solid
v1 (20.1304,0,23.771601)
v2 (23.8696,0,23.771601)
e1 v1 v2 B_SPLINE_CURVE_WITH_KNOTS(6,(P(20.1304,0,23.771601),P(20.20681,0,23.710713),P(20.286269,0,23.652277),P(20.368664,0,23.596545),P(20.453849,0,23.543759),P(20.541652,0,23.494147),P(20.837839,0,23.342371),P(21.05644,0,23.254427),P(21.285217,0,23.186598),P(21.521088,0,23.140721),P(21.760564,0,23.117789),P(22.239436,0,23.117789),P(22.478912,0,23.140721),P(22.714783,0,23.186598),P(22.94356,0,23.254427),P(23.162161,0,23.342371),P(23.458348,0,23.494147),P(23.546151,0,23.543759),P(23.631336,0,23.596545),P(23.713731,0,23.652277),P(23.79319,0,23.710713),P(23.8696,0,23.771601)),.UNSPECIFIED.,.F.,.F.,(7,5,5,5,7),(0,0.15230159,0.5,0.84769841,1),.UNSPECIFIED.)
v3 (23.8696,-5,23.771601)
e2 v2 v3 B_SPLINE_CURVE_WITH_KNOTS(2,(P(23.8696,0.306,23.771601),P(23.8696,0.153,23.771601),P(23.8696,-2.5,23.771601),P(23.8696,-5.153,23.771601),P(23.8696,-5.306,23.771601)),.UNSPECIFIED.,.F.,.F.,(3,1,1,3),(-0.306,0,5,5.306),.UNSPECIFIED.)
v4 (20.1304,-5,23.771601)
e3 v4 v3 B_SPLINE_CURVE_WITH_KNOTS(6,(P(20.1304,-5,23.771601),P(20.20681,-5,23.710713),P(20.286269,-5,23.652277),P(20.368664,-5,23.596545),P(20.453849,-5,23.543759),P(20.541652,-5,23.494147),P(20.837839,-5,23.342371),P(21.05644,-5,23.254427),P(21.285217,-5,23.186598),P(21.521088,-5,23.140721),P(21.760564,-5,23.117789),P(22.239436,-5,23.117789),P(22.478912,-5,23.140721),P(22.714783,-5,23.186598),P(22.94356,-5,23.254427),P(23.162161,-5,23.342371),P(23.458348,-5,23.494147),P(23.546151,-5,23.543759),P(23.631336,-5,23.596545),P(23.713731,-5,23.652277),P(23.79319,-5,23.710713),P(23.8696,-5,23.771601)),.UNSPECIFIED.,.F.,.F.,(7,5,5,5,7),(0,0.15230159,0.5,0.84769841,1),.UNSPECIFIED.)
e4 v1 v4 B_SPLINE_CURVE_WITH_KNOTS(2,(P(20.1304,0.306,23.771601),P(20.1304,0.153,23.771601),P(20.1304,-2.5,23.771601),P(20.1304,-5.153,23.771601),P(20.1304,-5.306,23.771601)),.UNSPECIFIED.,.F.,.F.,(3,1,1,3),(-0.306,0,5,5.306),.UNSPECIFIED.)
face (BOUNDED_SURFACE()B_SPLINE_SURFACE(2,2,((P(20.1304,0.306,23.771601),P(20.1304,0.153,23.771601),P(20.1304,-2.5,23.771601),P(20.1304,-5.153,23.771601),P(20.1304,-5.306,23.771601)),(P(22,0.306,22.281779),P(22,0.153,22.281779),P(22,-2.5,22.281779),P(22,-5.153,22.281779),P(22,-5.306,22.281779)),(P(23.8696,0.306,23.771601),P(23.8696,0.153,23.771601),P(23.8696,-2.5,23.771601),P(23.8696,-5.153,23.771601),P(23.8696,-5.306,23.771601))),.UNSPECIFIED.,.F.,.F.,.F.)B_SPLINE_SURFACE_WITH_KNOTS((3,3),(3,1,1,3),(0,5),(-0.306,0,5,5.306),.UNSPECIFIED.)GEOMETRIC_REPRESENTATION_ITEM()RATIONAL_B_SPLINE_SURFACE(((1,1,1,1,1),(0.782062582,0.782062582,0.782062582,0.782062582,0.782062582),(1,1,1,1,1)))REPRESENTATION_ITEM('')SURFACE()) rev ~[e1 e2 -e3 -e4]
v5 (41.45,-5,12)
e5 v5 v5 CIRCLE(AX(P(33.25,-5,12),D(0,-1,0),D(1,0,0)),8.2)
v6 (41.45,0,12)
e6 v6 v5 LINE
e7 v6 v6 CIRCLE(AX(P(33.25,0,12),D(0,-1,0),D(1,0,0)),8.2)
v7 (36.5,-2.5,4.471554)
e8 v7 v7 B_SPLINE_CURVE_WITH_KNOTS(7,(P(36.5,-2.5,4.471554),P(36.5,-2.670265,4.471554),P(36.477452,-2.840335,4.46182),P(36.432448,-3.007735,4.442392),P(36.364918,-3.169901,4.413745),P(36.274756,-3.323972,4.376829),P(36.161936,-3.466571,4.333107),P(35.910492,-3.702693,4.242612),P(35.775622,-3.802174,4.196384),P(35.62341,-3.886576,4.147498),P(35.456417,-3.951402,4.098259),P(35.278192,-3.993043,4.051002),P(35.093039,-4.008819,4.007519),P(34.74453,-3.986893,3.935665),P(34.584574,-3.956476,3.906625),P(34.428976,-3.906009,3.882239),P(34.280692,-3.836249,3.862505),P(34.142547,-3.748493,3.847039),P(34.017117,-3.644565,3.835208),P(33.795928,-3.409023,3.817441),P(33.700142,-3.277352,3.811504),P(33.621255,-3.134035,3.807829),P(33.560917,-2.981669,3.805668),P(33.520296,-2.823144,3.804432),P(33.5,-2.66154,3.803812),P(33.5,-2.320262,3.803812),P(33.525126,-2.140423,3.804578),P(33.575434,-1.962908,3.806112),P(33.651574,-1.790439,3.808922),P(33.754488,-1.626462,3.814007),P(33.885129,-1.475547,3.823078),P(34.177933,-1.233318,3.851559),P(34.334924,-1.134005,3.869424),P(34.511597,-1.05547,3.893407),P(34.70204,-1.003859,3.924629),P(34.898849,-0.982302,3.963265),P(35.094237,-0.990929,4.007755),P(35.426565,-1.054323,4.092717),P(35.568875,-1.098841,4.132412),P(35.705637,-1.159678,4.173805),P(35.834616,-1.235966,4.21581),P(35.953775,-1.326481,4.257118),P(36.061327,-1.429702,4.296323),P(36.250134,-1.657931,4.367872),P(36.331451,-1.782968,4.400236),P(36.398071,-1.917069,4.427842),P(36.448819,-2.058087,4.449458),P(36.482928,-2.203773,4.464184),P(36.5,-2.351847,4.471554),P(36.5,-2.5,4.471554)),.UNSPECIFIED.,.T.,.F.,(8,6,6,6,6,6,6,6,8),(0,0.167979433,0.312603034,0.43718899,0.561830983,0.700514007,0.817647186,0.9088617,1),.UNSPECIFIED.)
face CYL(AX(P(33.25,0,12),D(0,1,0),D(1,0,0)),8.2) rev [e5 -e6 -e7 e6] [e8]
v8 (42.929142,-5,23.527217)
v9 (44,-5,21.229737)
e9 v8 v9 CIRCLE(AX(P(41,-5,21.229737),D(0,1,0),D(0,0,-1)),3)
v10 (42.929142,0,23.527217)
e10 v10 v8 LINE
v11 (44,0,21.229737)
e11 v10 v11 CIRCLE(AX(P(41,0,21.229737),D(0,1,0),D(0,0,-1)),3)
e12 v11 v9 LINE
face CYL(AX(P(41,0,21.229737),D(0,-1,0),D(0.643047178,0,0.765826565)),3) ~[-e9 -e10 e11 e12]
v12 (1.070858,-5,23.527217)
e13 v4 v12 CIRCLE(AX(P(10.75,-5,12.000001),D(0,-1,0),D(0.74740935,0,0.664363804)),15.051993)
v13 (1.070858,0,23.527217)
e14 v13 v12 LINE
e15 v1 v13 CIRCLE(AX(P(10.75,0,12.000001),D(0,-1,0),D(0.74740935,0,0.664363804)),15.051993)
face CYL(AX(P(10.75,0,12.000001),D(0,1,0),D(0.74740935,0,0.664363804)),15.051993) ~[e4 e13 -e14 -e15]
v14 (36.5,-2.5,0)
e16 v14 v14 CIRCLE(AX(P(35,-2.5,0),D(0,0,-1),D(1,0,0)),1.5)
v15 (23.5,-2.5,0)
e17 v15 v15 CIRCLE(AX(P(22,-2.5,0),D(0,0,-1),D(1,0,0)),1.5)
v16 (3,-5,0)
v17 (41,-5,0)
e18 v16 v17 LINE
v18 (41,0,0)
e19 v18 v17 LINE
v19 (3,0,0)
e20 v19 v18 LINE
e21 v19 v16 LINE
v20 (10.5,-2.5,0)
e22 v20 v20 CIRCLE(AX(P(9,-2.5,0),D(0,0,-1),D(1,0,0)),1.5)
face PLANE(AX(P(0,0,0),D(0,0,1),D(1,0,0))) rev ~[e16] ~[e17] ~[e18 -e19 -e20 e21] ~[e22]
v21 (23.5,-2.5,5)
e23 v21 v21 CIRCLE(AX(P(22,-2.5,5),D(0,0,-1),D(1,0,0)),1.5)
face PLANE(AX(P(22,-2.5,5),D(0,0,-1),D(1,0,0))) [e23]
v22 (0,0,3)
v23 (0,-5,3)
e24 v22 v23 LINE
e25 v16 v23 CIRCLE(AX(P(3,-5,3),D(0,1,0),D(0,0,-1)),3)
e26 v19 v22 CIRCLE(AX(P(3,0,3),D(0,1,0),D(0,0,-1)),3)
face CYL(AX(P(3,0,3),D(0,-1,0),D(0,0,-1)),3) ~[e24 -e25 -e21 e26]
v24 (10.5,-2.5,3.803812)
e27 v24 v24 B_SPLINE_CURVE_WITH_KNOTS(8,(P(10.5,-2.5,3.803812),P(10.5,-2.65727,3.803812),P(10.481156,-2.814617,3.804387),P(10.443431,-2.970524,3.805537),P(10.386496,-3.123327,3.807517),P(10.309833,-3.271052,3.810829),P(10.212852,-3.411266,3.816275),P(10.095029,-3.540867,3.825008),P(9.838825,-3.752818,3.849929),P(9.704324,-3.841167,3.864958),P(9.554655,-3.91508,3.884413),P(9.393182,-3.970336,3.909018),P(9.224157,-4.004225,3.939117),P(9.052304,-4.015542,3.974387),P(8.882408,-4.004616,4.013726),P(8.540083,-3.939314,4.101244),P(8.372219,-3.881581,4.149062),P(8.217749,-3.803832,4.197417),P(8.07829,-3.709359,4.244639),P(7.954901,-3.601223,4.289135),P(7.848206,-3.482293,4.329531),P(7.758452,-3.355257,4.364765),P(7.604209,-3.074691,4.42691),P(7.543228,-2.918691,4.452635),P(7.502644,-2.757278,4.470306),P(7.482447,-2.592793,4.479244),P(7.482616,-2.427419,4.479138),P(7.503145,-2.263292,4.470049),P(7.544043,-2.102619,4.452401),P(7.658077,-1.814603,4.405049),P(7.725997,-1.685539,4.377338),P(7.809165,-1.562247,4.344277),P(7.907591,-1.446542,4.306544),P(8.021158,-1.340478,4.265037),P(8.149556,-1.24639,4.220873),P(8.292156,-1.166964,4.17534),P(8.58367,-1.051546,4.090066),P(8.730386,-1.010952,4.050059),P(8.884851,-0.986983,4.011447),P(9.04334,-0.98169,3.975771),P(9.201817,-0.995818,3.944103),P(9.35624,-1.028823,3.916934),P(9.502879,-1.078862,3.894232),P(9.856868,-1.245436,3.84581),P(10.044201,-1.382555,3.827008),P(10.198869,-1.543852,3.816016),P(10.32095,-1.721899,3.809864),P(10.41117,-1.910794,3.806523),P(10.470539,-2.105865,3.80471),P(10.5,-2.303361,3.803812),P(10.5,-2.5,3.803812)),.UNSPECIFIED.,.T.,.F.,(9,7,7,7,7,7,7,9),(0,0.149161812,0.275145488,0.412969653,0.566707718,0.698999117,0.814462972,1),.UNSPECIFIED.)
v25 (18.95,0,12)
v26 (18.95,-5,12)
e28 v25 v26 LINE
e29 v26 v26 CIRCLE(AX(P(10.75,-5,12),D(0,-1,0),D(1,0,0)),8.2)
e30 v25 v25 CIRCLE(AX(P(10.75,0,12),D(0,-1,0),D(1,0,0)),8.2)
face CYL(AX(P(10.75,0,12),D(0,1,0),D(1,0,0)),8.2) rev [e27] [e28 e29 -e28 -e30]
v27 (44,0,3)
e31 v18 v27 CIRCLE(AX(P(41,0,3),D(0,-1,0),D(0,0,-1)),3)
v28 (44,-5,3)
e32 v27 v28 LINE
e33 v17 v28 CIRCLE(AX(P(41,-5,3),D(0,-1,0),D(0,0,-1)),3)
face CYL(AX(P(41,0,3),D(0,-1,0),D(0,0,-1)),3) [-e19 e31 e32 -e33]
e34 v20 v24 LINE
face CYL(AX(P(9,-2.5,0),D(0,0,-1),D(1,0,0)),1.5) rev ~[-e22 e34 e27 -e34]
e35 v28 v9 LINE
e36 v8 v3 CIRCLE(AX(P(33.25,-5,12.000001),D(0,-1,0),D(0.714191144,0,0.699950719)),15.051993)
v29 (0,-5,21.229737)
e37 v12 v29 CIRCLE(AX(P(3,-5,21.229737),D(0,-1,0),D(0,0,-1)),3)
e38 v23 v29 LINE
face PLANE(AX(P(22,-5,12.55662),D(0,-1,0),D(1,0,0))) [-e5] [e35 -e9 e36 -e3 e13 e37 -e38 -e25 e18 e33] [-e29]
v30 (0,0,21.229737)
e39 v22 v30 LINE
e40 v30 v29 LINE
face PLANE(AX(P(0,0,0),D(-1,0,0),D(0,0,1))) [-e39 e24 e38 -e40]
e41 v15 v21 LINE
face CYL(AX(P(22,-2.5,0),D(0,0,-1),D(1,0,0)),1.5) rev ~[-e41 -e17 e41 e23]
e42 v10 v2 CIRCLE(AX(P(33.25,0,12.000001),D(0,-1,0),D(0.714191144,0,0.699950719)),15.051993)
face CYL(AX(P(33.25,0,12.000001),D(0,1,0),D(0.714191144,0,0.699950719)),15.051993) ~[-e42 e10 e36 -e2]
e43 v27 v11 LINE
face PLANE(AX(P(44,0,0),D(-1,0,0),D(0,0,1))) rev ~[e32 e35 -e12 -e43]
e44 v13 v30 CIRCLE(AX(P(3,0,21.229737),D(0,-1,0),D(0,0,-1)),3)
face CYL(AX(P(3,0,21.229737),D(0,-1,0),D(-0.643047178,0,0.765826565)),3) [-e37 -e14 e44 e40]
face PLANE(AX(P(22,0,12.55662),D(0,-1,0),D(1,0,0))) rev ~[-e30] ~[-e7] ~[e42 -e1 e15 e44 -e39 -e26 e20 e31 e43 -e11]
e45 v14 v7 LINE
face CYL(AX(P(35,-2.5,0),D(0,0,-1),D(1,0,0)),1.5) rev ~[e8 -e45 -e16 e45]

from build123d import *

# Parameters (mm, degrees)
SKETCH_R     = 8.2
PAD_DEPTH    = 5
FILLET_R     = 3
FILLET001_R  = 3
FILLET002_R  = 3
SKETCH001_R  = 1.5
POCKET_DEPTH = 5


with BuildPart() as part:
    # Sketch → Pad (new body)
    with BuildSketch(Plane.XZ):
        with BuildLine():
            Line((0, 0), (44, 0))
            Line((44, 0), (44, 22.535654))
            ThreePointArc((44, 22.535654), (32.883624, 27.047534), (22, 22))
            ThreePointArc((22, 22), (11.116376, 27.047534), (0, 22.535654))
            Line((0, 0), (0, 22.535654))
        make_face()
        with Locations((10.75, 12)):
            Circle(SKETCH_R, mode=Mode.SUBTRACT)
        with Locations((33.25, 12)):
            Circle(SKETCH_R, mode=Mode.SUBTRACT)
    extrude(amount=PAD_DEPTH)

    # Fillet
    fillet_edges = [part.edges().sort_by_distance(p)[0] for p in [
        (0, -2.5, 0),
        (44, -2.5, 0),
    ]]
    fillet(fillet_edges, radius=FILLET_R)

    # Fillet001
    fillet001_edges = [part.edges().sort_by_distance(p)[0] for p in [
        (22, -2.5, 22),
    ]]
    fillet(fillet001_edges, radius=FILLET001_R)

    # Fillet002
    fillet002_edges = [part.edges().sort_by_distance(p)[0] for p in [
        (44, -2.5, 22.535654),
        (0, -2.5, 22.535654),
    ]]
    fillet(fillet002_edges, radius=FILLET002_R)

    # Sketch001 → Pocket (cut)
    with BuildSketch(Plane(origin=(0, 0, 0), x_dir=(1, 0, 0), z_dir=(0, 0, -1))):
        with Locations((9, 2.5)):
            Circle(SKETCH001_R)
        with Locations((35, 2.5)):
            Circle(SKETCH001_R)
        with Locations((22, 2.5)):
            Circle(SKETCH001_R)
    extrude(amount=-POCKET_DEPTH, mode=Mode.SUBTRACT)


solid = part.part
